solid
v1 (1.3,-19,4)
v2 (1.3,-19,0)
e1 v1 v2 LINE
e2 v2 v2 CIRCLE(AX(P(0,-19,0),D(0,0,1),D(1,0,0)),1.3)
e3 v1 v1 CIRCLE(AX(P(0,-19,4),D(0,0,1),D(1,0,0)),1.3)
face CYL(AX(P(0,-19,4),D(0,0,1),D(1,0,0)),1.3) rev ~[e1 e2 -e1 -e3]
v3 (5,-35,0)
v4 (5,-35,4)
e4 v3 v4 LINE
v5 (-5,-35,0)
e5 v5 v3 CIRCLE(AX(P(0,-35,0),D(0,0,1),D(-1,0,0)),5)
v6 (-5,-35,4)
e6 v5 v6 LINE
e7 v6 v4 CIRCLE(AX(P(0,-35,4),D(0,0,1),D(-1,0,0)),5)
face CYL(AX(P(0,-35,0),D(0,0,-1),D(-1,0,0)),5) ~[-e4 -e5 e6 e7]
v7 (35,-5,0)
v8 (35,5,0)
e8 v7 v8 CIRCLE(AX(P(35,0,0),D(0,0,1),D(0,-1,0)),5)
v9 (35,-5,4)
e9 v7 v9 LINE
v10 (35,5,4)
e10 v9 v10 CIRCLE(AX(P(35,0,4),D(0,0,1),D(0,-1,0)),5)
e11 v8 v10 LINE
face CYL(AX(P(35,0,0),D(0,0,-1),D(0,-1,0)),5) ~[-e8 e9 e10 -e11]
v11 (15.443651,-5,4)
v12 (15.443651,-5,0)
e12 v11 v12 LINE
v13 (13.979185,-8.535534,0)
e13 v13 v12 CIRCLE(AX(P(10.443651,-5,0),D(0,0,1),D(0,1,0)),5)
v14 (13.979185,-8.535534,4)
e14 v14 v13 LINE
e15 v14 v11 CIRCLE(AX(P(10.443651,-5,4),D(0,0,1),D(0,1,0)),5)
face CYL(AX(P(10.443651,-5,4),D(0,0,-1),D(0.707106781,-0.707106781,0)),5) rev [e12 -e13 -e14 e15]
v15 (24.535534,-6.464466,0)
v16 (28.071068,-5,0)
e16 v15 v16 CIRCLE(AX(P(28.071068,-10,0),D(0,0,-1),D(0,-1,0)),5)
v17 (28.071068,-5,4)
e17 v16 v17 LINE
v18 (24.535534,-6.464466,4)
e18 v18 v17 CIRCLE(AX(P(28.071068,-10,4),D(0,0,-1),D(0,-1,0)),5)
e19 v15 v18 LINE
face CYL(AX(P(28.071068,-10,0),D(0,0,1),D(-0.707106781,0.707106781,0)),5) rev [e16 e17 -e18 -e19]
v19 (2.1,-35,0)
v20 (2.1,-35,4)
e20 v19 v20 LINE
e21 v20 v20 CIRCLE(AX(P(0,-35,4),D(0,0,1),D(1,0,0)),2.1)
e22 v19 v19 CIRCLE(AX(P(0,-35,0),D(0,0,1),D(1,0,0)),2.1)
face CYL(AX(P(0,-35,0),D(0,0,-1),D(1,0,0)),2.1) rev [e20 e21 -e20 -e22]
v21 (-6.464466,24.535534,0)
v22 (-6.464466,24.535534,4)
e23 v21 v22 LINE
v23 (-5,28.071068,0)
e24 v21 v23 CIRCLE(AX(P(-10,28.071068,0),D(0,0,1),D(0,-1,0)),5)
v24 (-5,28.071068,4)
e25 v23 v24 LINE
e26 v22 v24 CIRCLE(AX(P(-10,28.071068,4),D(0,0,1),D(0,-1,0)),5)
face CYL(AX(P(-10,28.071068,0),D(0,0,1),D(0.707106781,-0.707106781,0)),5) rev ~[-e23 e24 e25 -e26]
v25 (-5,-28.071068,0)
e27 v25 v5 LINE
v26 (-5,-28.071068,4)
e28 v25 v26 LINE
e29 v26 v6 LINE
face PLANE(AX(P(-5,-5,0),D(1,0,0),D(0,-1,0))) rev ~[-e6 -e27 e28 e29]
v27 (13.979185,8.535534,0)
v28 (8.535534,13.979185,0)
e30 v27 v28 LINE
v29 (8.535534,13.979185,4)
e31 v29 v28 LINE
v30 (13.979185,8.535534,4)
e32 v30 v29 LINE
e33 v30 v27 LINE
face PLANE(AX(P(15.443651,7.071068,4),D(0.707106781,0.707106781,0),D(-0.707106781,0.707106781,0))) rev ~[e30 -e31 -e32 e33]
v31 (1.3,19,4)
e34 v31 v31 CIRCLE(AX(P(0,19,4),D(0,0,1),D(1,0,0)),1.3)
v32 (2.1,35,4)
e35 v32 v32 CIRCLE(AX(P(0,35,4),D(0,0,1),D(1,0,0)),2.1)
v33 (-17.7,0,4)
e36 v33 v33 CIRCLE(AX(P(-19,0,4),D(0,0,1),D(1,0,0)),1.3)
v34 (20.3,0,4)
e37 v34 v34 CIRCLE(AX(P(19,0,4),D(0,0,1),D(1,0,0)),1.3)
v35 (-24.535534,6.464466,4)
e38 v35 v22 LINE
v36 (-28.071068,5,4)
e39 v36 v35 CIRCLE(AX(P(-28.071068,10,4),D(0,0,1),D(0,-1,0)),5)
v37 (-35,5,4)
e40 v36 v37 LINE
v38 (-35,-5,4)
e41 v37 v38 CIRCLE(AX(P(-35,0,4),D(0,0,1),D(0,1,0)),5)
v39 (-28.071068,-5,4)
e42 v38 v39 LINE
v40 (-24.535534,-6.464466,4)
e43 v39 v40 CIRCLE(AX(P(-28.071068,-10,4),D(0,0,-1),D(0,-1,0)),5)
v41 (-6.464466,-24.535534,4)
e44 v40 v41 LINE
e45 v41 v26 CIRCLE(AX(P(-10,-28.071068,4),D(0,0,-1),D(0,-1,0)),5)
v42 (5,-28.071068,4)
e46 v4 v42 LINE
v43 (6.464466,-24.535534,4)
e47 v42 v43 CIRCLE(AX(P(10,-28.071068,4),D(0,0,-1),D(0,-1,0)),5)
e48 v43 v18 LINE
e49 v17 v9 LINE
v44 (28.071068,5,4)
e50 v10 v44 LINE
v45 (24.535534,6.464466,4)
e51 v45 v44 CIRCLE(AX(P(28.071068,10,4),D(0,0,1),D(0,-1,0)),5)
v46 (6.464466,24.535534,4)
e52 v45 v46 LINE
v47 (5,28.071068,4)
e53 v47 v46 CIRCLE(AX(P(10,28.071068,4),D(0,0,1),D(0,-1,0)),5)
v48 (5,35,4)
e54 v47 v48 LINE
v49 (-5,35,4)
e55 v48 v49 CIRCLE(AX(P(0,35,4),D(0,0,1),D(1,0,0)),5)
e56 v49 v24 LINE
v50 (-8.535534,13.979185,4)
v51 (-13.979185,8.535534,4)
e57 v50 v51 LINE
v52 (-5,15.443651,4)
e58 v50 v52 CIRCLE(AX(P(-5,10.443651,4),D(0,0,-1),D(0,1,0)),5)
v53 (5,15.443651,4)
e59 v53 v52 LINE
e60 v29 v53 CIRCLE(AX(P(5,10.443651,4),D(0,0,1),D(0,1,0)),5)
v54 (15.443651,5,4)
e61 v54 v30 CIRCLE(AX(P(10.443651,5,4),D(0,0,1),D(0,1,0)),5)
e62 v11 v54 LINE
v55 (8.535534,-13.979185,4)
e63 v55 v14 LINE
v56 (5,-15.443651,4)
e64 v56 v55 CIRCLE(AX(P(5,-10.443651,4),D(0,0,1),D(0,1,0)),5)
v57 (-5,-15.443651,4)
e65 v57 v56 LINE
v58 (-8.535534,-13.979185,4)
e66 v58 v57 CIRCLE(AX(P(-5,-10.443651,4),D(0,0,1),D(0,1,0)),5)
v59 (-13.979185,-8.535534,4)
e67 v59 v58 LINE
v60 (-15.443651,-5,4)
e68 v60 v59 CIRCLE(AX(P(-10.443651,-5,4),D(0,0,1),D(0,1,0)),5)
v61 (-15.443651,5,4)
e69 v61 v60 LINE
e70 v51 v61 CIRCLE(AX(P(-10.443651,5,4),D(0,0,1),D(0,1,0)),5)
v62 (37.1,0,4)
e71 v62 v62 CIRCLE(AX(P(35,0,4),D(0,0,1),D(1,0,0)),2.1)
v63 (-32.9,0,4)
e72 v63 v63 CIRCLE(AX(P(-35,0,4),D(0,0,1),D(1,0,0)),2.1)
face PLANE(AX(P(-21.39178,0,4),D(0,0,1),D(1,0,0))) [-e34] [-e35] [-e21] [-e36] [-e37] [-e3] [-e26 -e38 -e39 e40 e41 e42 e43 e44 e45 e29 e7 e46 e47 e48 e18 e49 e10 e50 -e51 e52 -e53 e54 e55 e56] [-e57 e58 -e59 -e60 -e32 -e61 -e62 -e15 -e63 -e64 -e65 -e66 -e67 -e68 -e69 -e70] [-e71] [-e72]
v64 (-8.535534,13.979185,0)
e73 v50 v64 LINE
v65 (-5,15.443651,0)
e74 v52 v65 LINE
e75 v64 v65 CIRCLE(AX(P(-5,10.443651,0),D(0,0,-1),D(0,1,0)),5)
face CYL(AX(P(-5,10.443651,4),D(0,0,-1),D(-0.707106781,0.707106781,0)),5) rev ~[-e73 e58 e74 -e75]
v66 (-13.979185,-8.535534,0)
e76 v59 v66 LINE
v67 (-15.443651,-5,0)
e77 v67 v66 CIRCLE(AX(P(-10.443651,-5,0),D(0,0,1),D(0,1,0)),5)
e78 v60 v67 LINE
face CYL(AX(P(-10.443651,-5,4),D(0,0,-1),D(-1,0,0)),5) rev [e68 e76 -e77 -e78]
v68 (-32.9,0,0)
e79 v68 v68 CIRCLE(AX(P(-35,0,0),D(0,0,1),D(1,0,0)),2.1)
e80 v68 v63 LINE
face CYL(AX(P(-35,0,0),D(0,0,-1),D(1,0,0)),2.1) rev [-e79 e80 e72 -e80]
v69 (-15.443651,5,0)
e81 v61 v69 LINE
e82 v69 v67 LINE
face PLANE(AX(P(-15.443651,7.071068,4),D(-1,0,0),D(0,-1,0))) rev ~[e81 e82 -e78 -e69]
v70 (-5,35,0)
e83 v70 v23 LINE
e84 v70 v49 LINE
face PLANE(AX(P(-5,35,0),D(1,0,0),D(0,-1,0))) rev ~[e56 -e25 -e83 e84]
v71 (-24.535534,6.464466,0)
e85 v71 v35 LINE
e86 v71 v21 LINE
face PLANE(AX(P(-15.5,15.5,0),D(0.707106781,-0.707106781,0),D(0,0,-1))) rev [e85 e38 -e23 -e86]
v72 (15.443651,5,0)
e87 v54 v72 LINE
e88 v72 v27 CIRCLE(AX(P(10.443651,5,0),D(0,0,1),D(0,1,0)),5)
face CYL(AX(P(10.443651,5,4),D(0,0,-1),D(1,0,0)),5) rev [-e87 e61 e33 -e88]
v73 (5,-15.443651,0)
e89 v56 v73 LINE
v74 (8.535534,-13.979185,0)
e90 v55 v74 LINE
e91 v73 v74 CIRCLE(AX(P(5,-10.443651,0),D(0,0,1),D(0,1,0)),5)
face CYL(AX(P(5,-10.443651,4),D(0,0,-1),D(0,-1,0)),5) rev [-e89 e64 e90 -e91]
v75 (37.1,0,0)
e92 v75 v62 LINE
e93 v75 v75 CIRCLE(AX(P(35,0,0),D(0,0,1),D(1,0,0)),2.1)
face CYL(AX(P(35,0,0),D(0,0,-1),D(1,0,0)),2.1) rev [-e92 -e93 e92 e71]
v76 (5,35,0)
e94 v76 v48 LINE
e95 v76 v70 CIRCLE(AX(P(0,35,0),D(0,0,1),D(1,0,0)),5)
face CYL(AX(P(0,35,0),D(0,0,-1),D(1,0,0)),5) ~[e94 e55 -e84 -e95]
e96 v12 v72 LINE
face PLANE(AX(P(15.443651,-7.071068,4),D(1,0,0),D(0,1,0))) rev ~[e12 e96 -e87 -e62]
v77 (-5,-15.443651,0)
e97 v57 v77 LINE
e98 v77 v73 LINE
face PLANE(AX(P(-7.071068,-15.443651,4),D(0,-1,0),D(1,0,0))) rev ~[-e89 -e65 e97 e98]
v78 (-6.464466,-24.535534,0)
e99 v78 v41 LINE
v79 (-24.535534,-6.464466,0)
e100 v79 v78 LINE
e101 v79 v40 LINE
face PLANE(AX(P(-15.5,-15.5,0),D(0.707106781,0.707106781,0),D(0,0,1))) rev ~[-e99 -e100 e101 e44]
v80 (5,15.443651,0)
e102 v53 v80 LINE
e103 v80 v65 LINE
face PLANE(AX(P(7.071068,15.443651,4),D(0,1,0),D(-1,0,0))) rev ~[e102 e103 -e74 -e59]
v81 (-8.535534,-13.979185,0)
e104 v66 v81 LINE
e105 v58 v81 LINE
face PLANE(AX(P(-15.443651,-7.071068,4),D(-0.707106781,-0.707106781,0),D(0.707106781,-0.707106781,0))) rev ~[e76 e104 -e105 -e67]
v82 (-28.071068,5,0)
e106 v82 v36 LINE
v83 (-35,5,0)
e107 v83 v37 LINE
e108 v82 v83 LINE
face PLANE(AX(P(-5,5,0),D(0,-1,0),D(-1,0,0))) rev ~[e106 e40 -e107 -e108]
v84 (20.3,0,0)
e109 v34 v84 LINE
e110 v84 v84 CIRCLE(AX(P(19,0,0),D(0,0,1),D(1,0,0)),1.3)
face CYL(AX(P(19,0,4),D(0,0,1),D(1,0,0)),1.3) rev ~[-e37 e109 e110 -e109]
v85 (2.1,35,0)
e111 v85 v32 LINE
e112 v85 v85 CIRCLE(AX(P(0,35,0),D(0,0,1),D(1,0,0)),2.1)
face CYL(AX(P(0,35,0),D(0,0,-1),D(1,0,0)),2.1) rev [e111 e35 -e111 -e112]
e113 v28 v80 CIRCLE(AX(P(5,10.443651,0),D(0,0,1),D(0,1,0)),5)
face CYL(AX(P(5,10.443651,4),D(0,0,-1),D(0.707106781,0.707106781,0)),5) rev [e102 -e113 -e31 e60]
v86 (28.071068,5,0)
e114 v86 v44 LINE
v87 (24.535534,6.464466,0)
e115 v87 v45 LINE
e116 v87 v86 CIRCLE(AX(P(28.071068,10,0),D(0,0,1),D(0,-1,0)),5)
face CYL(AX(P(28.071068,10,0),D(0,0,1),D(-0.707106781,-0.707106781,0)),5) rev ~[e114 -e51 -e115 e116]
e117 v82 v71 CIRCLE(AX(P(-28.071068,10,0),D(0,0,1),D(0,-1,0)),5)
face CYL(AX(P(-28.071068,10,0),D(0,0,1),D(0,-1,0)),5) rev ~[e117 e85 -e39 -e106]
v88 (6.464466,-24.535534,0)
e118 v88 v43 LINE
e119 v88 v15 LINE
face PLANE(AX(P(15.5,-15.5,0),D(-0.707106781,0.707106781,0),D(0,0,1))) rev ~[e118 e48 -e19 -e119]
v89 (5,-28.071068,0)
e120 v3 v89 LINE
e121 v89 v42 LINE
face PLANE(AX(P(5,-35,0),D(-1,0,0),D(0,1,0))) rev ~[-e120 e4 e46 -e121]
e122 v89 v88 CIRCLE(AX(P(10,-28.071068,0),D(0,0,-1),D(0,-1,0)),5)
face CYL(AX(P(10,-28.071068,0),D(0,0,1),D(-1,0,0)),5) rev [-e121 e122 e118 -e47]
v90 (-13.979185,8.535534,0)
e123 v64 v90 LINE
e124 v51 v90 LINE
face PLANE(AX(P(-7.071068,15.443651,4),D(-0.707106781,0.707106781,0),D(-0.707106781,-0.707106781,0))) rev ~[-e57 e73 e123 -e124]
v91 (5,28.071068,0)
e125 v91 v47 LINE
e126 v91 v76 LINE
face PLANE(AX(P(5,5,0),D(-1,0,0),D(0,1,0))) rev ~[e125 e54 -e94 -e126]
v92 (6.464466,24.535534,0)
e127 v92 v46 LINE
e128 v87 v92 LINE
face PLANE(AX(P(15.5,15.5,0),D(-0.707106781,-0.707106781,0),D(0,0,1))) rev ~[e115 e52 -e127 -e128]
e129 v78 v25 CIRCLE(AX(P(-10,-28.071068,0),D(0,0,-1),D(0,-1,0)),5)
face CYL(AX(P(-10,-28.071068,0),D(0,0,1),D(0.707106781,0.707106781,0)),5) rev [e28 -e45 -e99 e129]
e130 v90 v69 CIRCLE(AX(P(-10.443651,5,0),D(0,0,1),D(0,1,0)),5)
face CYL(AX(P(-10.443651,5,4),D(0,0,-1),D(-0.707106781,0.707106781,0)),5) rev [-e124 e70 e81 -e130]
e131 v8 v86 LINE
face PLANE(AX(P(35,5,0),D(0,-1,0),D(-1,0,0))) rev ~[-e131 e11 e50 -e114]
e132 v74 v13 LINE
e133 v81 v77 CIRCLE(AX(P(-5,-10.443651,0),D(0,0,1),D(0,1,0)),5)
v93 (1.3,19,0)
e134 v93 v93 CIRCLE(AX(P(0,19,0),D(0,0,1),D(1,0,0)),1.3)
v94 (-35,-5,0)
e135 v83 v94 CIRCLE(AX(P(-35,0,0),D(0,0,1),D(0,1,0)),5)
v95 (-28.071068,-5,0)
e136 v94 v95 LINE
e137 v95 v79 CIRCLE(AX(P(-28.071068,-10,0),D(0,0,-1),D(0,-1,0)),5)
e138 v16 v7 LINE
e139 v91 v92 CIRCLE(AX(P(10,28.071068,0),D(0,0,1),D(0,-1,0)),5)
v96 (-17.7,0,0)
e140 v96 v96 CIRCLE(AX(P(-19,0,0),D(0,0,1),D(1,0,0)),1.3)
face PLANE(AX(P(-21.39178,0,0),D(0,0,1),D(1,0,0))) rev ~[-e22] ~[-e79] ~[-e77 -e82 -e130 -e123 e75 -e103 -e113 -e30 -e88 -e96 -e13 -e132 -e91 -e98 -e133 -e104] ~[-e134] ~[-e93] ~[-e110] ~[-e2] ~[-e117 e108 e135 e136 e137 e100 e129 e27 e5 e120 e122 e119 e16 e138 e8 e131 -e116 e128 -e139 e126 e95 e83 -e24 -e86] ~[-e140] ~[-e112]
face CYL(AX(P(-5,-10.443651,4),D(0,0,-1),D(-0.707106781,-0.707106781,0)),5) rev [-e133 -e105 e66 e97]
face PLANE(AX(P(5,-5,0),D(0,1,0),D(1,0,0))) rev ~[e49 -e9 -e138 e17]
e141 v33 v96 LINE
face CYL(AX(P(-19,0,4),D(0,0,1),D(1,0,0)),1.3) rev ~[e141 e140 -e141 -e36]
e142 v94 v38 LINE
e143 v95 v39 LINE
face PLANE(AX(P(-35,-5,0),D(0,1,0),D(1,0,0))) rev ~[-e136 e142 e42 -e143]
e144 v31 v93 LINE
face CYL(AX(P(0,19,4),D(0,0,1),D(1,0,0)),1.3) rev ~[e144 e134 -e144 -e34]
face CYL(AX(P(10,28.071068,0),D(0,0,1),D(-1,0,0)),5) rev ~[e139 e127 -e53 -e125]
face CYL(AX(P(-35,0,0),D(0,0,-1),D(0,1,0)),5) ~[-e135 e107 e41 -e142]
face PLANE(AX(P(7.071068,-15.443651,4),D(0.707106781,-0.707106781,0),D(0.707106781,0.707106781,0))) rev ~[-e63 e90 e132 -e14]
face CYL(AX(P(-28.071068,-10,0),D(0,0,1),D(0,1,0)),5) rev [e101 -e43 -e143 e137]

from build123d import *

# Parameters (mm, degrees)
SKETCH_1_R          = 2.1
SKETCH_1_W          = 10
SKETCH_1_H          = 10
EXTRUDE_1_DEPTH     = 4
CHAMFER_1_SIZE      = 21
SKETCH_2_R          = 1.3
CUT_EXTRUDE_1_DEPTH = 57.709787515
FILLET_3_R          = 5


with BuildPart() as part:
    # 草图1 → 凸台-拉伸1 (new body)
    # profile 1 of 5: a face of its own
    with BuildSketch(Plane.XY):
        with BuildLine():
            Line((5, 5), (5, 35))
            ThreePointArc((5, 35), (0, 40), (-5, 35))
            Line((-5, 35), (-5, 5))
            Line((-5, 5), (5, 5))
        make_face()
        with Locations((0, 35)):
            Circle(SKETCH_1_R, mode=Mode.SUBTRACT)
    # profile 2 of 5: a face of its own
    with BuildSketch(Plane.XY):
        with BuildLine():
            Line((5, -35), (5, -5))
            Line((5, -5), (-5, -5))
            Line((-5, -5), (-5, -35))
            ThreePointArc((-5, -35), (0, -40), (5, -35))
        make_face()
        with Locations((0, -35)):
            Circle(SKETCH_1_R, mode=Mode.SUBTRACT)
    # profile 3 of 5: a face of its own
    with BuildSketch(Plane.XY):
        Rectangle(SKETCH_1_W, SKETCH_1_H)
    # profile 4 of 5: a face of its own
    with BuildSketch(Plane.XY):
        with BuildLine():
            Line((35, 5), (5, 5))
            Line((5, 5), (5, -5))
            Line((5, -5), (35, -5))
            ThreePointArc((35, -5), (40, 0), (35, 5))
        make_face()
        with Locations((35, 0)):
            Circle(SKETCH_1_R, mode=Mode.SUBTRACT)
    # profile 5 of 5: a face of its own
    with BuildSketch(Plane.XY):
        with BuildLine():
            Line((-5, -5), (-5, 5))
            Line((-5, 5), (-35, 5))
            ThreePointArc((-35, 5), (-40, 0), (-35, -5))
            Line((-35, -5), (-5, -5))
        make_face()
        with Locations((-35, 0)):
            Circle(SKETCH_1_R, mode=Mode.SUBTRACT)
    extrude(amount=EXTRUDE_1_DEPTH)

    # 倒角1
    chamfer_1_edges = [part.edges().sort_by_distance(p)[0] for p in [
        (5, 5, 2),
        (5, -5, 2),
        (-5, -5, 2),
        (-5, 5, 2),
    ]]
    chamfer(chamfer_1_edges, length=CHAMFER_1_SIZE)

    # 草图2 → 切除-拉伸1 (cut, through all)
    with BuildSketch(Plane.XY.offset(4)):
        with Locations((0, 19)):
            Circle(SKETCH_2_R)
        with Locations((19, 0)):
            Circle(SKETCH_2_R)
        with Locations((0, -19)):
            Circle(SKETCH_2_R)
        with Locations((-19, 0)):
            Circle(SKETCH_2_R)
        Polygon((-7.071067812, 15.443650814), (-15.443650814, 7.071067812), (-15.443650814, -7.071067812), (-7.071067812, -15.443650814), (7.071067812, -15.443650814), (15.443650814, -7.071067812), (15.443650814, 7.071067812), (7.071067812, 15.443650814), align=None)
    extrude(amount=-CUT_EXTRUDE_1_DEPTH, mode=Mode.SUBTRACT)

    # 圆角3
    fillet_3_edges = [part.edges().sort_by_distance(p)[0] for p in [
        (15.443650814, -7.071067812, 2),
        (7.071067812, -15.443650814, 2),
        (-7.071067812, -15.443650814, 2),
        (-15.443650814, -7.071067812, 2),
        (-15.443650814, 7.071067812, 2),
        (-5, -26, 2),
        (-26, -5, 2),
        (26, -5, 2),
        (5, -26, 2),
        (5, 26, 2),
        (26, 5, 2),
        (-26, 5, 2),
        (-5, 26, 2),
        (-7.071067812, 15.443650814, 2),
        (7.071067812, 15.443650814, 2),
        (15.443650814, 7.071067812, 2),
    ]]
    fillet(fillet_3_edges, radius=FILLET_3_R)


solid = part.part
